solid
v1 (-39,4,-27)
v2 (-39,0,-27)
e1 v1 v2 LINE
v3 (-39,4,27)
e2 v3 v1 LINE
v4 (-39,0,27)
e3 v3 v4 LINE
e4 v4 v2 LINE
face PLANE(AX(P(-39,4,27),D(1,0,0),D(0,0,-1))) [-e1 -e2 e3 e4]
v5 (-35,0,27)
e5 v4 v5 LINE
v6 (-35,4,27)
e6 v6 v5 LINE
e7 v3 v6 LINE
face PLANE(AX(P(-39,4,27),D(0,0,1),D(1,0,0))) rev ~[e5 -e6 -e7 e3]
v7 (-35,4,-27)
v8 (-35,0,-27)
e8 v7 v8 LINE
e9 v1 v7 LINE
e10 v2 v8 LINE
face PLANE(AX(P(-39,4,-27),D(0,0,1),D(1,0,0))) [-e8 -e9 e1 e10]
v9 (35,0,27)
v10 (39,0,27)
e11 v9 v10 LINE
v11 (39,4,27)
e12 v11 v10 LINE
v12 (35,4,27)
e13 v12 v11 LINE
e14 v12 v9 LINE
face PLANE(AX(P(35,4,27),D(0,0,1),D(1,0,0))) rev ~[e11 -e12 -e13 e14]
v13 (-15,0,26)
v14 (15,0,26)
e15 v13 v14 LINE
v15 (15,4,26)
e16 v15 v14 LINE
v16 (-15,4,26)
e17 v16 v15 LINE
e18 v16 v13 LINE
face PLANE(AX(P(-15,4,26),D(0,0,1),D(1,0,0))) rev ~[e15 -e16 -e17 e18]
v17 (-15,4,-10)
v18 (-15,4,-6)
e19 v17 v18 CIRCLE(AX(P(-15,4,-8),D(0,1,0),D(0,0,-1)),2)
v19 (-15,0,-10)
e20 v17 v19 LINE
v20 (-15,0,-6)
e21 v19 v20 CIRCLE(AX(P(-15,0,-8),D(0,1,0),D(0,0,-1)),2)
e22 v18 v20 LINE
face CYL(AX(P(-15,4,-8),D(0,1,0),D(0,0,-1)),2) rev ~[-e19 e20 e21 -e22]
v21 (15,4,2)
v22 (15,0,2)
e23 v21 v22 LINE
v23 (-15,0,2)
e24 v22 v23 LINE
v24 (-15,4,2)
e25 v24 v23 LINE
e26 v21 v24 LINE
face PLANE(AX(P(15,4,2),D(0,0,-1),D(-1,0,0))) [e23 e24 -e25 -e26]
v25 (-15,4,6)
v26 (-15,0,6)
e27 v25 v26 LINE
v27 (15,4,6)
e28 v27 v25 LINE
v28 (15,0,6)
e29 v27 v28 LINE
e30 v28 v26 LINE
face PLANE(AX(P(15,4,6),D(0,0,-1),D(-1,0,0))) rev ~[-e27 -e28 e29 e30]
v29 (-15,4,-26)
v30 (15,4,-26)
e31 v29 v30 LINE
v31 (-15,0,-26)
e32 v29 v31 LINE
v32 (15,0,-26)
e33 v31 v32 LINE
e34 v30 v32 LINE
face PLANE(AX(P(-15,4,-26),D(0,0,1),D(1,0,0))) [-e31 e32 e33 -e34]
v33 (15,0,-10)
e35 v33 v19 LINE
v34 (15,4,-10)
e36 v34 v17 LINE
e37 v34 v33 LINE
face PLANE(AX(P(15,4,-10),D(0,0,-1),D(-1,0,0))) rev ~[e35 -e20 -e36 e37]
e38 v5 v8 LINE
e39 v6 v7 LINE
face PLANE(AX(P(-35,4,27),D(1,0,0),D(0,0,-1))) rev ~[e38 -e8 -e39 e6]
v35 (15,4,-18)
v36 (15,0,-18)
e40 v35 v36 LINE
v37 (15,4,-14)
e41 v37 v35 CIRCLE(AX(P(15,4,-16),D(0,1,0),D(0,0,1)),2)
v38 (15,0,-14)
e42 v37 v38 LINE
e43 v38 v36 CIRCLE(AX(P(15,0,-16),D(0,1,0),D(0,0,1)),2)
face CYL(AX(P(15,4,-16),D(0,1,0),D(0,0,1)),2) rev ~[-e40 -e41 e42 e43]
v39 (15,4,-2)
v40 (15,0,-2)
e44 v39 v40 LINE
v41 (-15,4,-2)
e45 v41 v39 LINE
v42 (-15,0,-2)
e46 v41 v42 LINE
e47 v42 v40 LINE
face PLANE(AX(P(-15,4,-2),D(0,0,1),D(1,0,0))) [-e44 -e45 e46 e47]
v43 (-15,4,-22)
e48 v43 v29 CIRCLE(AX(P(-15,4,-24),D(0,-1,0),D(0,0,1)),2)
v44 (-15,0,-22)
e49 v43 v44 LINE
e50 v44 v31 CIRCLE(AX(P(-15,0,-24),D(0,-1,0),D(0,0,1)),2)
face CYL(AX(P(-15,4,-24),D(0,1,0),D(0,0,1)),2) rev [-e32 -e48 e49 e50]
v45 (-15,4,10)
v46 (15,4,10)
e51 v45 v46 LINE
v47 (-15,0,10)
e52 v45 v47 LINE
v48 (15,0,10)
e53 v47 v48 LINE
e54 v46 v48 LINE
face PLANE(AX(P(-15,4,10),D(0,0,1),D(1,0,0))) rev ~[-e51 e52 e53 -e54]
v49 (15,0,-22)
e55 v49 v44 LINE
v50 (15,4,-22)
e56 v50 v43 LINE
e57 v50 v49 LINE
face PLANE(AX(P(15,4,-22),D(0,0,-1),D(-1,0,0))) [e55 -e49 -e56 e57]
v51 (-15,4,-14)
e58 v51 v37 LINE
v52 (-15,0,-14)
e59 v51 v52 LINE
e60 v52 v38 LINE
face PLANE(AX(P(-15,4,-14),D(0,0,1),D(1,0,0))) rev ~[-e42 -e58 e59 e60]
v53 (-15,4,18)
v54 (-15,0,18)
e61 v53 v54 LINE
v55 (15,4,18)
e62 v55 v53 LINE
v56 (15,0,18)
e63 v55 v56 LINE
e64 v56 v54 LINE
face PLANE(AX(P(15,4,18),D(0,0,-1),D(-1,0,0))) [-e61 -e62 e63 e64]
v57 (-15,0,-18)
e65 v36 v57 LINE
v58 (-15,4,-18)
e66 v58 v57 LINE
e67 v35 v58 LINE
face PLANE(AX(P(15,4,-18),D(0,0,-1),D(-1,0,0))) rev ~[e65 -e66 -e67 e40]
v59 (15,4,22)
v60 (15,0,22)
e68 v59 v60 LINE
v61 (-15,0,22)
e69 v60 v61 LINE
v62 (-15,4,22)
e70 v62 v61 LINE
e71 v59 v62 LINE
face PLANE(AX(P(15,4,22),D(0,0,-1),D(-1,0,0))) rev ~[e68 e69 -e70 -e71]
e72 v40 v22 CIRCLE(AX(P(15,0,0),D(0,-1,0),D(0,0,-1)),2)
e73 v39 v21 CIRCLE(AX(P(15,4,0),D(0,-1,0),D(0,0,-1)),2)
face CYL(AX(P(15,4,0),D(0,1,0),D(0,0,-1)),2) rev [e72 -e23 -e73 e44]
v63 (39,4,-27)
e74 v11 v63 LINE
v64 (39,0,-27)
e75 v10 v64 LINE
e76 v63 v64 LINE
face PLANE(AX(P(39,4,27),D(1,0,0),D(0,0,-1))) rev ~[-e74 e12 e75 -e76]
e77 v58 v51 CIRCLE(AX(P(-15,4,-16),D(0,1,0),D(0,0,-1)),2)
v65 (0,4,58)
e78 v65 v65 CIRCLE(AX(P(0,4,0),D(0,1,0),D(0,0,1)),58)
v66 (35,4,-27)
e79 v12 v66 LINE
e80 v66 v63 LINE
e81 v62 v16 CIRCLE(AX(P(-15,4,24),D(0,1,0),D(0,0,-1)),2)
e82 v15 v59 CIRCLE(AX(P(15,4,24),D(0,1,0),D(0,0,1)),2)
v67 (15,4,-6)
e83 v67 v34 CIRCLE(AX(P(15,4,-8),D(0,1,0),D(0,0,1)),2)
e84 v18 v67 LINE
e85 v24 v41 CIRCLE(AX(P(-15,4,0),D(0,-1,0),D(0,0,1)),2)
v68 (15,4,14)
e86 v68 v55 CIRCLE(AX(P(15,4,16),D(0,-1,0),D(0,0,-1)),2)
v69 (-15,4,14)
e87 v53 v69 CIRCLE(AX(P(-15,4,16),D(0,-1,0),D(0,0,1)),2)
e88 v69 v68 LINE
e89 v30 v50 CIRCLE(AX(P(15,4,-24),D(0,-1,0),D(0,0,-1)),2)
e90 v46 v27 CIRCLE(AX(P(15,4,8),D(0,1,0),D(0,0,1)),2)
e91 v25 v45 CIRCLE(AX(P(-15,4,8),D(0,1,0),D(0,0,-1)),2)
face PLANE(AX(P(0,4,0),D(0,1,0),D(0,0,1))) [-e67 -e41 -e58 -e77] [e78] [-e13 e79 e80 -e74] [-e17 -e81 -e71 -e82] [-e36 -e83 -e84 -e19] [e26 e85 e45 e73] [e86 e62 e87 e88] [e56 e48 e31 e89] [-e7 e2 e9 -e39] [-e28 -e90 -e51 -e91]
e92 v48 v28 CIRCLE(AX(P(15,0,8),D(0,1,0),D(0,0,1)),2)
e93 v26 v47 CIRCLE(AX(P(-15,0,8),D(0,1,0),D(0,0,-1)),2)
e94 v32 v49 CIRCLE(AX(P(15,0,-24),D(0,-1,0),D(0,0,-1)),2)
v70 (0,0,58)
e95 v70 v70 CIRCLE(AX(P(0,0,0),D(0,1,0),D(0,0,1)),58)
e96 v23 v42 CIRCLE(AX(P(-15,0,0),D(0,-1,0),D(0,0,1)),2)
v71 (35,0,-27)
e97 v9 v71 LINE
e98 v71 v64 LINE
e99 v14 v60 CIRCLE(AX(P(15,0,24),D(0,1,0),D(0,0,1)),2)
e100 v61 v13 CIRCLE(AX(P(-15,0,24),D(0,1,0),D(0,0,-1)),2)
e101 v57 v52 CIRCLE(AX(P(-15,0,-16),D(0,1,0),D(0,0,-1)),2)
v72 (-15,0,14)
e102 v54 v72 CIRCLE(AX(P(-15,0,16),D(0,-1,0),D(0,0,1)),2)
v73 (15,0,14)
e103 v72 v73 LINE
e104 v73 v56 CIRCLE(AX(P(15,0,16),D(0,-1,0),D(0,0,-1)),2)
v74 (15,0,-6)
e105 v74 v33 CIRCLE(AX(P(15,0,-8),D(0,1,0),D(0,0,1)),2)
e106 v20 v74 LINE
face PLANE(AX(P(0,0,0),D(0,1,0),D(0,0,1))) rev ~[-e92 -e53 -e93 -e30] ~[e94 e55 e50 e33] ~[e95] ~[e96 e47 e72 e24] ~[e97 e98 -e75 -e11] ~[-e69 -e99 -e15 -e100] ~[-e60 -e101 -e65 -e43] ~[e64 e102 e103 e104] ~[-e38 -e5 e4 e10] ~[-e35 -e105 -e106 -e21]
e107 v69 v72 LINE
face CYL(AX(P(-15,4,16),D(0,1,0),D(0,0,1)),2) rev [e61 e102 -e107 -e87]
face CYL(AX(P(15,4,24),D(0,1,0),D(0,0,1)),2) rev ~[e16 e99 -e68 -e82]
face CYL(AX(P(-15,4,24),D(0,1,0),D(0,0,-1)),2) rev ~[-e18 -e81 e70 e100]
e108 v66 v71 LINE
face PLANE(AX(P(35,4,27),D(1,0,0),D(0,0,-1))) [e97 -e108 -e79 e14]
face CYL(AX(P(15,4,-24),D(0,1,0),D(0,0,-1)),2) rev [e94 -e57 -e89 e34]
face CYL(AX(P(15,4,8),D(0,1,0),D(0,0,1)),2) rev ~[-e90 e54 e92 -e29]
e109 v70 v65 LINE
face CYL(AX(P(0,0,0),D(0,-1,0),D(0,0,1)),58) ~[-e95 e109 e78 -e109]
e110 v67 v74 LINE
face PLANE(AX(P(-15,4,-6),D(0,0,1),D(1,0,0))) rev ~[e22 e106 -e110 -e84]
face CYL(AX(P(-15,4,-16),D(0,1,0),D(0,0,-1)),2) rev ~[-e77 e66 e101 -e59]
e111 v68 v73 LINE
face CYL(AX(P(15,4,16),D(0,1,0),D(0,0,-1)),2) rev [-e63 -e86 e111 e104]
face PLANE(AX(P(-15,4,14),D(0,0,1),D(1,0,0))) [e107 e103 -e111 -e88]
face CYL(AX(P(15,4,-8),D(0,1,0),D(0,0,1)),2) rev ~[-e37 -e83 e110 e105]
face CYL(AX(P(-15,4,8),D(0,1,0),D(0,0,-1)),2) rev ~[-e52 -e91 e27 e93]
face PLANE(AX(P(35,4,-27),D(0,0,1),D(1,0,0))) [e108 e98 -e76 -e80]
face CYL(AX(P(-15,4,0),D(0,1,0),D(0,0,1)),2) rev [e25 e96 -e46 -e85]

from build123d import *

# Parameters (mm, degrees)
SKETCH1_R           = 58
BOSS_EXTRUDE1_DEPTH = 4
SKETCH2_W           = 4
SKETCH2_H           = 54
CUT_EXTRUDE1_DEPTH  = 83.121860671
CUT_EXTRUDE2_DEPTH  = 4


with BuildPart() as part:
    # Sketch1 → Boss-Extrude1 (new body)
    with BuildSketch(Plane(origin=(0, 0, 0), x_dir=(1, 0, 0), z_dir=(0, 1, 0))):
        with Locations(Location((0, 0, 0), (0, 0, 270))):
            Circle(SKETCH1_R)
    extrude(amount=BOSS_EXTRUDE1_DEPTH)

    # Sketch2 → Cut-Extrude1 (cut, through all)
    with BuildSketch(Plane(origin=(0, 4, 0), x_dir=(1, 0, 0), z_dir=(0, 1, 0))):
        with Locations((37, 0)):
            Rectangle(SKETCH2_W, SKETCH2_H)
        with Locations((-37, 0)):
            Rectangle(SKETCH2_W, SKETCH2_H)
    extrude(amount=-CUT_EXTRUDE1_DEPTH, mode=Mode.SUBTRACT)

    # Sketch3 → Cut-Extrude2 (cut)
    with BuildSketch(Plane(origin=(0, 4, 0), x_dir=(1, 0, 0), z_dir=(0, 1, 0))):
        with BuildLine():
            Line((-15, 6), (15, 6))
            ThreePointArc((15, 6), (17, 8), (15, 10))
            Line((15, 10), (-15, 10))
            ThreePointArc((-15, 10), (-17, 8), (-15, 6))
        make_face()
        with BuildLine():
            Line((-15, 14), (15, 14))
            ThreePointArc((15, 14), (17, 16), (15, 18))
            Line((15, 18), (-15, 18))
            ThreePointArc((-15, 18), (-17, 16), (-15, 14))
        make_face()
        with BuildLine():
            Line((-15, -10), (15, -10))
            ThreePointArc((15, -10), (17, -8), (15, -6))
            Line((15, -6), (-15, -6))
            ThreePointArc((-15, -6), (-17, -8), (-15, -10))
        make_face()
        with BuildLine():
            Line((-15, -26), (15, -26))
            ThreePointArc((15, -26), (17, -24), (15, -22))
            Line((15, -22), (-15, -22))
            ThreePointArc((-15, -22), (-17, -24), (-15, -26))
        make_face()
        with BuildLine():
            Line((-15, 2), (15, 2))
            ThreePointArc((15, 2), (17, 0), (15, -2))
            Line((15, -2), (-15, -2))
            ThreePointArc((-15, -2), (-17, 0), (-15, 2))
        make_face()
        with BuildLine():
            Line((-15, 26), (15, 26))
            ThreePointArc((15, 26), (17, 24), (15, 22))
            Line((15, 22), (-15, 22))
            ThreePointArc((-15, 22), (-17, 24), (-15, 26))
        make_face()
        with BuildLine():
            Line((-15, -14), (15, -14))
            ThreePointArc((15, -14), (17, -16), (15, -18))
            Line((15, -18), (-15, -18))
            ThreePointArc((-15, -18), (-17, -16), (-15, -14))
        make_face()
    extrude(amount=-CUT_EXTRUDE2_DEPTH, mode=Mode.SUBTRACT)


solid = part.part
